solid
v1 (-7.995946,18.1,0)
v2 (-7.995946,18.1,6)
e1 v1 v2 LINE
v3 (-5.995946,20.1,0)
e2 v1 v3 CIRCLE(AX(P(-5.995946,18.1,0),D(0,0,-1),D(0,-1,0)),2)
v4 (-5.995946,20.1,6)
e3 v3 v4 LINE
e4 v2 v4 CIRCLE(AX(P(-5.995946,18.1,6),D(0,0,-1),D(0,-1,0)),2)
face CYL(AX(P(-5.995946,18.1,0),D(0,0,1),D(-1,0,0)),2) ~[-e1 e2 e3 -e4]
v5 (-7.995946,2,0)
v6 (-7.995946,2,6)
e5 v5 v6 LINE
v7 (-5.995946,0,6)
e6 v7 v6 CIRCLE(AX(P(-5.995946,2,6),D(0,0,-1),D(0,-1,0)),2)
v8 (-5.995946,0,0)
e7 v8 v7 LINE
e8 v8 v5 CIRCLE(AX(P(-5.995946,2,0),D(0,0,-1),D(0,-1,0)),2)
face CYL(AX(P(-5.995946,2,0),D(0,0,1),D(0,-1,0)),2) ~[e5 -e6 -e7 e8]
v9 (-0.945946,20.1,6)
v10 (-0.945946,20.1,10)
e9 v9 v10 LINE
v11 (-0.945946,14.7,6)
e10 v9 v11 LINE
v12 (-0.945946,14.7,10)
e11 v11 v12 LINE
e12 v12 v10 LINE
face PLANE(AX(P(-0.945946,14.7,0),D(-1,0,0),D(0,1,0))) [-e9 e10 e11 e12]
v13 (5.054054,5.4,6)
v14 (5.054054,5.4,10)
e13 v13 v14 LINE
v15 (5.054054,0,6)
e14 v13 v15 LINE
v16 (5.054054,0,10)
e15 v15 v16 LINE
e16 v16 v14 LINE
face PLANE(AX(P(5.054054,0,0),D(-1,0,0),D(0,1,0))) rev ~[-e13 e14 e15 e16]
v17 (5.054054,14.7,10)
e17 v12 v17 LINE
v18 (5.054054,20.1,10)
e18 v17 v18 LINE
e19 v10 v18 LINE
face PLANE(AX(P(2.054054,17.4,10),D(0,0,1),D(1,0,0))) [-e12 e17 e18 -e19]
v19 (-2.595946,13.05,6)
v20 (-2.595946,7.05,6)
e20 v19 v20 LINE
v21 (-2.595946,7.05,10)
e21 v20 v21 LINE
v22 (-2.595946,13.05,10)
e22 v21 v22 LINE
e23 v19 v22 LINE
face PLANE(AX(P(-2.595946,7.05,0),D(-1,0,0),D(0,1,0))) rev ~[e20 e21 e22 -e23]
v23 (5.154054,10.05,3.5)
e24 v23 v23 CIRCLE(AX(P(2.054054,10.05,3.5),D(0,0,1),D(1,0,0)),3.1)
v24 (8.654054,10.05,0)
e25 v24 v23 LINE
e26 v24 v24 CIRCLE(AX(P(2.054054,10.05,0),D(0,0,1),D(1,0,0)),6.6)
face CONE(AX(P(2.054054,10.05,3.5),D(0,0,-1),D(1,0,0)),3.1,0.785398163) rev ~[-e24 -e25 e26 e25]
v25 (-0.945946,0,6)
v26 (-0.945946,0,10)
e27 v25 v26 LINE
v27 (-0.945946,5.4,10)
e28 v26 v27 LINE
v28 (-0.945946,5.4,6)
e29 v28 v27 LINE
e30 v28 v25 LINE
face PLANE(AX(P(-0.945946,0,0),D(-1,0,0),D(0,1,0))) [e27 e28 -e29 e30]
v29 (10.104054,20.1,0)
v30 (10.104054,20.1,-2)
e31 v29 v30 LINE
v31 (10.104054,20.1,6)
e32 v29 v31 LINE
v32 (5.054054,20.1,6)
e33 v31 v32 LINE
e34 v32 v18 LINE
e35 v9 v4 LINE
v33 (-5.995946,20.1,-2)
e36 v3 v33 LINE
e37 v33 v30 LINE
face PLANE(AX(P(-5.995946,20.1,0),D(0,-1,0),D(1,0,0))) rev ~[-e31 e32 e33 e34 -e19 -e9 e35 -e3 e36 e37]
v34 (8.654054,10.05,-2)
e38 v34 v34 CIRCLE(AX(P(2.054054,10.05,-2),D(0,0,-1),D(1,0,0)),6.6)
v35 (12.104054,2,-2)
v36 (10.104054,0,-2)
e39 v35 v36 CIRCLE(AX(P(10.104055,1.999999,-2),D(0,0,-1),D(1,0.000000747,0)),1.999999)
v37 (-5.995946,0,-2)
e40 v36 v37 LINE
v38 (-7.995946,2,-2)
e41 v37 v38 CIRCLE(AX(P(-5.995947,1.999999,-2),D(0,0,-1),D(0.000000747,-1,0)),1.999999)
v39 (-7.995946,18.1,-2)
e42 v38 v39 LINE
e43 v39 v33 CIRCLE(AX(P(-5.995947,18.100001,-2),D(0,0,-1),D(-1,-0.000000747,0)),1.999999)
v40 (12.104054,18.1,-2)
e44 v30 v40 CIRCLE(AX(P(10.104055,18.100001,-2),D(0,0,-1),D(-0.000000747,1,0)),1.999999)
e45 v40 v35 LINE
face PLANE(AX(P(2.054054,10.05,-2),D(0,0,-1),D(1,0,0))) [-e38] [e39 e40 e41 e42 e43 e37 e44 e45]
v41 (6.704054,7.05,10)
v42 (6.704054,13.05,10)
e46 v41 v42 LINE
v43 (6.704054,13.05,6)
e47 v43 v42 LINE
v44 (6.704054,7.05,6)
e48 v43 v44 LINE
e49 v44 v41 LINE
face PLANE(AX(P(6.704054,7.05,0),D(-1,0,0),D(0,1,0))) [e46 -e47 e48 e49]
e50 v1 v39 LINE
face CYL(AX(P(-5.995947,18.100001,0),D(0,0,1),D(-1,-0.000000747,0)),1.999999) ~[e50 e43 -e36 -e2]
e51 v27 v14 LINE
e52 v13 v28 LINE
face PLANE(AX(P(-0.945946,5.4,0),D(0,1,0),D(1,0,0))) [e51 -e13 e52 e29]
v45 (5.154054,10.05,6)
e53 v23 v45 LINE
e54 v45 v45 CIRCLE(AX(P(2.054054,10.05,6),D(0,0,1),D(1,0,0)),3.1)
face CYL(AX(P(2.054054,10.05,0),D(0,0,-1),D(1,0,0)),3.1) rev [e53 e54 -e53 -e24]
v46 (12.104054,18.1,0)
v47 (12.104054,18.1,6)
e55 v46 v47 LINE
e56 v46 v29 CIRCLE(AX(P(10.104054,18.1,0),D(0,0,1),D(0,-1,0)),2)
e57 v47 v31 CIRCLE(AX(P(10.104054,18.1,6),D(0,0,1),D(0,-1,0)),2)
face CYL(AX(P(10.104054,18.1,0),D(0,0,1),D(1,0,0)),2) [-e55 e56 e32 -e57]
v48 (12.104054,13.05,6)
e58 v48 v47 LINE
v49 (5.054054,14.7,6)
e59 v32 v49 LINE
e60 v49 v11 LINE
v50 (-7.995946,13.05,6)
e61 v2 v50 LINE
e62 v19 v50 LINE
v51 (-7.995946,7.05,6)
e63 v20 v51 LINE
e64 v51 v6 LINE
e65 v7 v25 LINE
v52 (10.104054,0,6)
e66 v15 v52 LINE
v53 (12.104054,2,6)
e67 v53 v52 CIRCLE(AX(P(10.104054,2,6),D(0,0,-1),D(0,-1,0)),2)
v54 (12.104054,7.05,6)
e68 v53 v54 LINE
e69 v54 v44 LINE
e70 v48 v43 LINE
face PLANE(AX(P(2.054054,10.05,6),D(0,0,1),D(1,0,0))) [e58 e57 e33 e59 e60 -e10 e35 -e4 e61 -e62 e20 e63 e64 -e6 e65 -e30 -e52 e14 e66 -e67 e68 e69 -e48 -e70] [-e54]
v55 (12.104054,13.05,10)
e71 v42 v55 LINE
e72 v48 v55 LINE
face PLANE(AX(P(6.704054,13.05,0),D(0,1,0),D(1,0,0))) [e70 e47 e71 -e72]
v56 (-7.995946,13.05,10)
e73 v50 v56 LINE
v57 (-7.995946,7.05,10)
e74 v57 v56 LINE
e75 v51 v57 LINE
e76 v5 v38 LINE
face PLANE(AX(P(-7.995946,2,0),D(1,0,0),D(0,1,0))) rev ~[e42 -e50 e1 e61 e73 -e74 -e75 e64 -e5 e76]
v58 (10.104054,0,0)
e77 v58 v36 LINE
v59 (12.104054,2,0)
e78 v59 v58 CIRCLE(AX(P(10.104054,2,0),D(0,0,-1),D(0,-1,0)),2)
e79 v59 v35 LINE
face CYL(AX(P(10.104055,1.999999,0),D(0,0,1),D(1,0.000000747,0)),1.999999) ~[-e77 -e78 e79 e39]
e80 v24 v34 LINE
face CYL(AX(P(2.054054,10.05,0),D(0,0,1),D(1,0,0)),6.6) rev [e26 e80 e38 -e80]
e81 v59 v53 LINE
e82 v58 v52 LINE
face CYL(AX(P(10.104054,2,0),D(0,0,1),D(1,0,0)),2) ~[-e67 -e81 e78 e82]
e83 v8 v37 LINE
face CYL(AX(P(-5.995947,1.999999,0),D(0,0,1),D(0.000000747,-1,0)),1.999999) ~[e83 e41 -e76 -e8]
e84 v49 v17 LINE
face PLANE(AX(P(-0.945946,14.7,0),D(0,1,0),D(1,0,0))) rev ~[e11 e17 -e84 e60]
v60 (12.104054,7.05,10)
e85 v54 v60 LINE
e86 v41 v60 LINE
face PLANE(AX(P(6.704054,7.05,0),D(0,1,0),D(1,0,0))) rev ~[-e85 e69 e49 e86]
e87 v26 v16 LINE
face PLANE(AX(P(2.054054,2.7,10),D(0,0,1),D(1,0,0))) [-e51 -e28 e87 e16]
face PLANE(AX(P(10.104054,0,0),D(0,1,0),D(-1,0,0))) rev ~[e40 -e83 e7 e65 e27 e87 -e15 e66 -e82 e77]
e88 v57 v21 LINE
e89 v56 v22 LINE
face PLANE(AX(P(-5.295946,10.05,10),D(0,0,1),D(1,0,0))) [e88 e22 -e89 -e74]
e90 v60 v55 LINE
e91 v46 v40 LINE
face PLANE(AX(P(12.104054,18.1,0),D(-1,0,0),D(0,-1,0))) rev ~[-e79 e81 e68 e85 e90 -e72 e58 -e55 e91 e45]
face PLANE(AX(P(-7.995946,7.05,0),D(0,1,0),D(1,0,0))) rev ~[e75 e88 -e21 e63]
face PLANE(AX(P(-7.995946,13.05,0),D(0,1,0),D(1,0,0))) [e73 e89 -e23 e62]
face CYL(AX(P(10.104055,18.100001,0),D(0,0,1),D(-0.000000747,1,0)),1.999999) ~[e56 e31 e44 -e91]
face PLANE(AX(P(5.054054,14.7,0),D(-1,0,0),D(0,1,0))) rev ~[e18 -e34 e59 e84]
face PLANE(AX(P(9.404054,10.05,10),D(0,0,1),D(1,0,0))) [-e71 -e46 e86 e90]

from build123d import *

# Parameters (mm, degrees)
F0_R      = 3.1
F0_W      = 5.4
F0_H      = 6
F0_W_2    = 6
F0_H_2    = 5.4
F1_DEPTH  = 6
F2_DEPTH  = 10
F3_R      = 2
F4_SIZE   = 3.5
F1_FACE_R = 6.6
F5_DEPTH  = 2


with BuildPart() as f1:
    # F0 (on Top) → F1 (new body)
    with BuildSketch(Plane.XY):
        Polygon((-7.995946, 7.05), (-7.995946, 0), (-0.945946, 0), (-0.945946, 5.4), (5.054054, 5.4), (5.054054, 0), (12.104054, 0), (12.104054, 7.05), (6.704054, 7.05), (6.704054, 13.05), (12.104054, 13.05), (12.104054, 20.1), (5.054054, 20.1), (5.054054, 14.7), (-0.945946, 14.7), (-0.945946, 20.1), (-7.995946, 20.1), (-7.995946, 13.05), (-2.595946, 13.05), (-2.595946, 7.05), align=None)
        with Locations((2.054054, 10.05)):
            Circle(F0_R, mode=Mode.SUBTRACT)
        with Locations((9.404054, 10.05)):
            Rectangle(F0_W, F0_H)
        with Locations((-5.295946, 10.05)):
            Rectangle(F0_W, F0_H)
        with Locations((2.054054, 17.4)):
            Rectangle(F0_W_2, F0_H_2)
        with Locations((2.054054, 2.7)):
            Rectangle(F0_W_2, F0_H_2)
    extrude(amount=F1_DEPTH)

    # F0 (on Top) → F2 (join)
    with BuildSketch(Plane.XY):
        with Locations((2.054054, 17.4)):
            Rectangle(F0_W_2, F0_H_2)
        with Locations((-5.295946, 10.05)):
            Rectangle(F0_W, F0_H)
        with Locations((2.054054, 2.7)):
            Rectangle(F0_W_2, F0_H_2)
        with Locations((9.404054, 10.05)):
            Rectangle(F0_W, F0_H)
    extrude(amount=F2_DEPTH)

    # F3
    f3_edges = [f1.edges().sort_by_distance(p)[0] for p in [
        (-7.995946, 0, 3),
        (12.104054, 0, 3),
        (12.104054, 20.1, 3),
        (-7.995946, 20.1, 3),
    ]]
    fillet(f3_edges, radius=F3_R)

    # F4
    f4_edges = [f1.edges().sort_by_distance(p)[0] for p in [
        (-1.045946, 10.05, 0),
    ]]
    chamfer(f4_edges, length=F4_SIZE)

    # F1_face (on face) → F5 (join)
    with BuildSketch(Plane(origin=(2.054054, 10.05, 0), x_dir=(1, 0, 0), z_dir=(0, 0, -1))):
        with BuildLine():
            Line((-8.05, -10.05), (8.05, -10.05))
            ThreePointArc((8.05, -10.05), (9.464214, -9.464214), (10.05, -8.05))
            Line((10.05, -8.05), (10.05, 8.05))
            ThreePointArc((10.05, 8.05), (9.464214, 9.464214), (8.05, 10.05))
            Line((8.05, 10.05), (-8.05, 10.05))
            ThreePointArc((-8.05, 10.05), (-9.464214, 9.464214), (-10.05, 8.05))
            Line((-10.05, 8.05), (-10.05, -8.05))
            ThreePointArc((-10.05, -8.05), (-9.464214, -9.464214), (-8.05, -10.05))
        make_face()
        Circle(F1_FACE_R, mode=Mode.SUBTRACT)
    extrude(amount=F5_DEPTH)


solid = f1.part
